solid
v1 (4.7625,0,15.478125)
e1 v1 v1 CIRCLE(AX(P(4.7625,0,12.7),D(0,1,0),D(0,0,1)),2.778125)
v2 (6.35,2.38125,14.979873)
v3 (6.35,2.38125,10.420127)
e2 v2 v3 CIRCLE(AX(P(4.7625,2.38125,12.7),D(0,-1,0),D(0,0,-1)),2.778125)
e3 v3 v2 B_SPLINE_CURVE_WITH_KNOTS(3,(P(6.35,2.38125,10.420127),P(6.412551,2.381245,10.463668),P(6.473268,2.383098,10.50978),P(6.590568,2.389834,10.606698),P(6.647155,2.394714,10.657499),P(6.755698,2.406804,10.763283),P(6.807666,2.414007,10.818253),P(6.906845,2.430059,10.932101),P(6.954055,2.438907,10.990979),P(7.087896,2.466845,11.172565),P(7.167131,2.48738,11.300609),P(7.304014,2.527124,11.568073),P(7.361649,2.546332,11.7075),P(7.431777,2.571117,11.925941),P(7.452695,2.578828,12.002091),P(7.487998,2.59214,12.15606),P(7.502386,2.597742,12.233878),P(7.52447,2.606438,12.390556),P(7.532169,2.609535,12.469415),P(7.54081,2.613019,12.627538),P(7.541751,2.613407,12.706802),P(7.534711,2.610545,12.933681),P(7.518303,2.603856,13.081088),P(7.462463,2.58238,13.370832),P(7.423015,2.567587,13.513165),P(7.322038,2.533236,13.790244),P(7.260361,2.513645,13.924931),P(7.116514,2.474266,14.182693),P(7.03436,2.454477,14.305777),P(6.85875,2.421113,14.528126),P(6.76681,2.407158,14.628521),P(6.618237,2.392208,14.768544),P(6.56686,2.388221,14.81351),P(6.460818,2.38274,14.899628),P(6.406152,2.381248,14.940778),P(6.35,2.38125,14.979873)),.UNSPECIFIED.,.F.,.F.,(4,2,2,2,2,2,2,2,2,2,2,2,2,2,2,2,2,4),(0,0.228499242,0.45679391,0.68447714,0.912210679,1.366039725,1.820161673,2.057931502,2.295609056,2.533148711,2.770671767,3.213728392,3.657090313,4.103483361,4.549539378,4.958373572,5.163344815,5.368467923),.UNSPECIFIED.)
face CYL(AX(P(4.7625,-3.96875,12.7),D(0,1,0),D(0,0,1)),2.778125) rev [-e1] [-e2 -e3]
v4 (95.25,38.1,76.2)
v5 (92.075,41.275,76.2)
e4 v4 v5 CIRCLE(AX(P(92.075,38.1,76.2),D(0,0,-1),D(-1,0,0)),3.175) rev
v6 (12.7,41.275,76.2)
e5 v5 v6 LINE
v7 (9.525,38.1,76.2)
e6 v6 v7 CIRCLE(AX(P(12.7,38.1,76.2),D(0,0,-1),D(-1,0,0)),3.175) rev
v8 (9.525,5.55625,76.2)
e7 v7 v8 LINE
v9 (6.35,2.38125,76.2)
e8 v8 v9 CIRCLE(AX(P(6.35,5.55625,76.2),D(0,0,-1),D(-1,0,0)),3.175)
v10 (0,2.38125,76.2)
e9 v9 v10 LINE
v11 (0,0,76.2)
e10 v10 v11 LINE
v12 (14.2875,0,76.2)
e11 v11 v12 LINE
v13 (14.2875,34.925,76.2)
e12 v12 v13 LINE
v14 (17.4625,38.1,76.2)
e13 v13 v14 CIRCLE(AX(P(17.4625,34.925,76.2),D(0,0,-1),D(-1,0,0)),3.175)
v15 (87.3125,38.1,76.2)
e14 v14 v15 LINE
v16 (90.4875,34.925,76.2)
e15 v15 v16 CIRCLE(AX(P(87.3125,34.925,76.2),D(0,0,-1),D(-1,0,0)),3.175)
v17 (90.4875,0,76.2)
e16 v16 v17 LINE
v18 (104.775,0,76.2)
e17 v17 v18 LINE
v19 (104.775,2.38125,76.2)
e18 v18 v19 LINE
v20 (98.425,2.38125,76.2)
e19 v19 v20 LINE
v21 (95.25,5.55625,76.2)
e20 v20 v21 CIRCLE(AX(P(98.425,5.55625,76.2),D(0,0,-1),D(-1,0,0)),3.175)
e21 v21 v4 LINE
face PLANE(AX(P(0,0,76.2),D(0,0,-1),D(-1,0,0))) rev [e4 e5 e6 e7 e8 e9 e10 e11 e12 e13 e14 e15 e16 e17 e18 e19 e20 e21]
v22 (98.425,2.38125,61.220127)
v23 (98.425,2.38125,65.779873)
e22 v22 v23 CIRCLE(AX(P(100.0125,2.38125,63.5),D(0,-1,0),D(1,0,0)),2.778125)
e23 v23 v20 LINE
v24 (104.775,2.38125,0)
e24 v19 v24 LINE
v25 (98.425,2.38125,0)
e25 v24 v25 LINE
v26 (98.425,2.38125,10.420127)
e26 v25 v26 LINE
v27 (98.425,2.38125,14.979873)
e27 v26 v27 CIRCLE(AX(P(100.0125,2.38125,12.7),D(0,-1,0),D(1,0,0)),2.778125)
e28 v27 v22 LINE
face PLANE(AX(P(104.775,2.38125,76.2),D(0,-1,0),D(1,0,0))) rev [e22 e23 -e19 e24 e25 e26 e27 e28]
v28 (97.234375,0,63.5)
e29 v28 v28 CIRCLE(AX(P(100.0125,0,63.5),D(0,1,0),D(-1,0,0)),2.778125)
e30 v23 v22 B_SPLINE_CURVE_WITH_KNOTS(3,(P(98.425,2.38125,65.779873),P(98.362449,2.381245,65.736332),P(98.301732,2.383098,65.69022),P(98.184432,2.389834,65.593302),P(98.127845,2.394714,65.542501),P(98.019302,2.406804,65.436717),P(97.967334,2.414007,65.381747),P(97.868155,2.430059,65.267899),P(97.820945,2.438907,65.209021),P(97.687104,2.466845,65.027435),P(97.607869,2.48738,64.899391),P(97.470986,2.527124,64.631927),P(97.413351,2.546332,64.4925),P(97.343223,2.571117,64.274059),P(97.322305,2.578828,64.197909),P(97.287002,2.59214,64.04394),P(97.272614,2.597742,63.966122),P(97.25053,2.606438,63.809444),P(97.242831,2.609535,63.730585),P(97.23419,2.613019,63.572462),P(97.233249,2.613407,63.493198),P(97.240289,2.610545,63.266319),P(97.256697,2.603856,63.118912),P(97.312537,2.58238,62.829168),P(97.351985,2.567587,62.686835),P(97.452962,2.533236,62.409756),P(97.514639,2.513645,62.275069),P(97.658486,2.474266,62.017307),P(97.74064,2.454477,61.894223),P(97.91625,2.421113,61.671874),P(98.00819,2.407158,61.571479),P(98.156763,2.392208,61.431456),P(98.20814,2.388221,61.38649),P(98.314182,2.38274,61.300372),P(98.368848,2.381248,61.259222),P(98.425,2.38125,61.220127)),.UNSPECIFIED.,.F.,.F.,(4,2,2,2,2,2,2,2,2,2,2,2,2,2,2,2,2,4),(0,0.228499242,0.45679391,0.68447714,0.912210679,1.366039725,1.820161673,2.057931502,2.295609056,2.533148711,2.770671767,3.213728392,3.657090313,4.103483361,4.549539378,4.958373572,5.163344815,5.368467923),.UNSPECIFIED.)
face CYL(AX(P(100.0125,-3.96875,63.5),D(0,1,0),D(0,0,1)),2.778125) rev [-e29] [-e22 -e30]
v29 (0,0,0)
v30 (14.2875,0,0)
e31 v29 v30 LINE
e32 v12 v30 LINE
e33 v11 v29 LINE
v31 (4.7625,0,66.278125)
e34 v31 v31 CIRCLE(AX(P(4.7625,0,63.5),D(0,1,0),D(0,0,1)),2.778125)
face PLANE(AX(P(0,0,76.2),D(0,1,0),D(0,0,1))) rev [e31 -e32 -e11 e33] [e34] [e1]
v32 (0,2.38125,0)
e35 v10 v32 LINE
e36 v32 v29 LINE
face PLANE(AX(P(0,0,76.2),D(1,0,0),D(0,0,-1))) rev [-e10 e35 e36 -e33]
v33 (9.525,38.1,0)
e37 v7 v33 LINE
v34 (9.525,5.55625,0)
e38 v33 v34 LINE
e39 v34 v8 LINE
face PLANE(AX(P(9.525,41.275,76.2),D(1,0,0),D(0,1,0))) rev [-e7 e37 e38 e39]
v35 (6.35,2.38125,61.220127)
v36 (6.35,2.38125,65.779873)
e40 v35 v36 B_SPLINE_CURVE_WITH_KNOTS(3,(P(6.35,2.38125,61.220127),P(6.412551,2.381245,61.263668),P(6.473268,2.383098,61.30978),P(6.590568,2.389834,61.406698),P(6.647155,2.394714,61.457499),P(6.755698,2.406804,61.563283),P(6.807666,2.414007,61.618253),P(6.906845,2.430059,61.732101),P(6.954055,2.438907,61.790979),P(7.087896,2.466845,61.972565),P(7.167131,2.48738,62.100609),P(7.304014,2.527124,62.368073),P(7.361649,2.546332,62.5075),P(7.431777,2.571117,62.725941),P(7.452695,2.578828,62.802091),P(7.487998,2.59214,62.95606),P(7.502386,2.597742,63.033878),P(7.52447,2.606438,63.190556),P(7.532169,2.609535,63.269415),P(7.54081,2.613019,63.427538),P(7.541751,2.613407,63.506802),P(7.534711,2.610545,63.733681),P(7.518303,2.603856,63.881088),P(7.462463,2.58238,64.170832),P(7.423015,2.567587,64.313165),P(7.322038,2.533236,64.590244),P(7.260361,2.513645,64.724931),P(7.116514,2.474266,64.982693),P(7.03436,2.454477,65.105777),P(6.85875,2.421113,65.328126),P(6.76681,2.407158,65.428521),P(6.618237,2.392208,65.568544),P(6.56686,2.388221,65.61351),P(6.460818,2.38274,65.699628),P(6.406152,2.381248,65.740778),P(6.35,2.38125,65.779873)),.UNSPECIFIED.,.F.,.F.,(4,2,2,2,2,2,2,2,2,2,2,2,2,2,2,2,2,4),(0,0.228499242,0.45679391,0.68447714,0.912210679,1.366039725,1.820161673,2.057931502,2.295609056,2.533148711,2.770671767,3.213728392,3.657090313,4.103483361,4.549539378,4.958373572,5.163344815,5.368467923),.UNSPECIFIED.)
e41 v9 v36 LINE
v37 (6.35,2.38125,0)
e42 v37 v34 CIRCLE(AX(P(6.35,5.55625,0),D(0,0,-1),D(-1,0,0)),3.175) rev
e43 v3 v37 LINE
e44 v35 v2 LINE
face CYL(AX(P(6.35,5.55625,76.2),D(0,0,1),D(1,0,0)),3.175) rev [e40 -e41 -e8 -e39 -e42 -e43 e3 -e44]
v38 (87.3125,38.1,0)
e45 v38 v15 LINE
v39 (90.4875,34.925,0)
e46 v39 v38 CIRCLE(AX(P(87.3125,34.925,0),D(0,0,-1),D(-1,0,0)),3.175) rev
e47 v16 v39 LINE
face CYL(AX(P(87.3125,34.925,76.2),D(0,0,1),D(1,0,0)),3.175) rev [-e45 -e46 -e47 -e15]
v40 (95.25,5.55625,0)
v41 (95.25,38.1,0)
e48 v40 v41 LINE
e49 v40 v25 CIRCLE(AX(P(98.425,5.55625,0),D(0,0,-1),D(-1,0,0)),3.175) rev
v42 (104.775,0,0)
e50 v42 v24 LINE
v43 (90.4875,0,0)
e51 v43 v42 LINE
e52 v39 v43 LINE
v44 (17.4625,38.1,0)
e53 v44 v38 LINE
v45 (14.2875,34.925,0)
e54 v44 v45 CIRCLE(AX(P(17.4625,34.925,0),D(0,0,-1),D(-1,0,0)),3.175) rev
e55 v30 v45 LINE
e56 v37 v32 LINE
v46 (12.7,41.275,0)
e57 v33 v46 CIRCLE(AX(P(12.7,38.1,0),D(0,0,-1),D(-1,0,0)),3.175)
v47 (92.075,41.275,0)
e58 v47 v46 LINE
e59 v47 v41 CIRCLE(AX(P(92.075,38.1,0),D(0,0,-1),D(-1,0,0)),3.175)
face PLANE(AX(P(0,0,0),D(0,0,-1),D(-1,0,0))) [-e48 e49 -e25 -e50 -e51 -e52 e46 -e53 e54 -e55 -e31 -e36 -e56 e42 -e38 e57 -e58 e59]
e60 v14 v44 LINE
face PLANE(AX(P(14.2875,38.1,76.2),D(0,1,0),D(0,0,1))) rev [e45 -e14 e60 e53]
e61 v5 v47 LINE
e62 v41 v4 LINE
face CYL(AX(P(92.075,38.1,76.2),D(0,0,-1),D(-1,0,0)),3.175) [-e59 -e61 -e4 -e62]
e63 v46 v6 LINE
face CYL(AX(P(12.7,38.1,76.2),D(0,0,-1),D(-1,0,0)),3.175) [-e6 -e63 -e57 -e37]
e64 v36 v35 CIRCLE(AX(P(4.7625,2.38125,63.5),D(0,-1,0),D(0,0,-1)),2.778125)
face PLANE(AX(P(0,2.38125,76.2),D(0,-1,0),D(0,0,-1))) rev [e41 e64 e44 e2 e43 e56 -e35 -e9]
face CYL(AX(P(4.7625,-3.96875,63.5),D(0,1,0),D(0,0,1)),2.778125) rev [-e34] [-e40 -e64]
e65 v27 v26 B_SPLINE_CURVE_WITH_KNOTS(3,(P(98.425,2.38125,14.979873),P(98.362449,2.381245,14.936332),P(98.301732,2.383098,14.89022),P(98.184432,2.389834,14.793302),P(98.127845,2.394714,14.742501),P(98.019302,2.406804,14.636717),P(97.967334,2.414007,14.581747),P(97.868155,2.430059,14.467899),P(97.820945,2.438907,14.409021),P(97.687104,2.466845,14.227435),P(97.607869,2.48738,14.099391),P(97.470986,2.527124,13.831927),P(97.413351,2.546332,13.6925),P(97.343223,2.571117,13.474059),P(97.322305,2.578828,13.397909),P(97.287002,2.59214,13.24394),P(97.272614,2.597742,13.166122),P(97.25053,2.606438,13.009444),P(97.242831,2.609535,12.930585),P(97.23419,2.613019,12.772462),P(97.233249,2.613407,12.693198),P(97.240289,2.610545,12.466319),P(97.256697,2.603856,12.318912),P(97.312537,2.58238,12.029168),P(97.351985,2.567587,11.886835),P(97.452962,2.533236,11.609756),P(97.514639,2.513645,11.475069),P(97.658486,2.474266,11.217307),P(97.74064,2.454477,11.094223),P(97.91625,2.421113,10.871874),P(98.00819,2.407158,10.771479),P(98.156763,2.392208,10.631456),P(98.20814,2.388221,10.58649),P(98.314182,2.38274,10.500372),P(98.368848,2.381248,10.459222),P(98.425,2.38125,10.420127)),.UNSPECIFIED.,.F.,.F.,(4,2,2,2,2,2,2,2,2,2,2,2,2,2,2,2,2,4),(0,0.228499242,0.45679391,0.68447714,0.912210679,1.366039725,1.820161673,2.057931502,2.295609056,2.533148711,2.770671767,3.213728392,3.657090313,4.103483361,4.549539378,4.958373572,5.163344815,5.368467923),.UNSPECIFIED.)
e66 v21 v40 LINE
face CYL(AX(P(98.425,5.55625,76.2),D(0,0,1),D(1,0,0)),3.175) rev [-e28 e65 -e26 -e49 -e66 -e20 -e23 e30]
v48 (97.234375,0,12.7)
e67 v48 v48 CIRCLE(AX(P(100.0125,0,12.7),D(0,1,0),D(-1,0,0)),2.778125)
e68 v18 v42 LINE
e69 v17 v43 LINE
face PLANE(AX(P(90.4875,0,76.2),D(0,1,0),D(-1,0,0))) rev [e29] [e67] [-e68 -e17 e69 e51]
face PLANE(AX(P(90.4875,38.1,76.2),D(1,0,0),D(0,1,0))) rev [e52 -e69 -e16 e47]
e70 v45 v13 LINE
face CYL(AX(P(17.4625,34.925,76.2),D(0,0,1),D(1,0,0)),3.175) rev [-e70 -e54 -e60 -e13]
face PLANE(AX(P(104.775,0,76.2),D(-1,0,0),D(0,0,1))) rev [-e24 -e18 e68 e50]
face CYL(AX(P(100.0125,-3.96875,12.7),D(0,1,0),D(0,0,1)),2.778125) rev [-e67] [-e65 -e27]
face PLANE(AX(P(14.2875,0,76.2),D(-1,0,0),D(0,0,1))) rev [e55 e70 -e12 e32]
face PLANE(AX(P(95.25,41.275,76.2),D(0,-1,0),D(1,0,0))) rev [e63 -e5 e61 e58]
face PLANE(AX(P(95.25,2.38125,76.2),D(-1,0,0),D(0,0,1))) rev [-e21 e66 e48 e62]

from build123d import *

# Parameters (mm, degrees)
BOSS_EXTRUDE1_DEPTH = 76.2
FILLET1_R           = 3.175
SKETCH4_R           = 2.778125
CUT_EXTRUDE1_DEPTH  = 6.35


with BuildPart() as part:
    # Sketch1 → Boss-Extrude1 (new body)
    with BuildSketch(Plane.XY):
        Polygon((0, 0), (14.2875, 0), (14.2875, 38.1), (90.4875, 38.1), (90.4875, 0), (104.775, 0), (104.775, 2.38125), (95.25, 2.38125), (95.25, 41.275), (9.525, 41.275), (9.525, 2.38125), (0, 2.38125), align=None)
    extrude(amount=BOSS_EXTRUDE1_DEPTH)

    # Fillet1
    fillet1_edges = [part.edges().sort_by_distance(p)[0] for p in [
        (9.525, 2.38125, 38.1),
        (9.525, 41.275, 38.1),
        (95.25, 41.275, 38.1),
        (95.25, 2.38125, 38.1),
        (90.4875, 38.1, 38.1),
        (14.2875, 38.1, 38.1),
    ]]
    fillet(fillet1_edges, radius=FILLET1_R)

    # Sketch4 → Cut-Extrude1 (cut, symmetric)
    with BuildSketch(Plane(origin=(0, 2.38125, 0), x_dir=(1, 0, 0), z_dir=(0, 1, 0))):
        with Locations(Location((100.0125, -12.7, 0), (0, 0, 235.150095421))):
            Circle(SKETCH4_R)
        with Locations(Location((100.0125, -63.5, 0), (0, 0, 235.150095421))):
            Circle(SKETCH4_R)
        with Locations(Location((4.7625, -63.5, 0), (0, 0, 270))):
            Circle(SKETCH4_R)
        with Locations(Location((4.7625, -12.7, 0), (0, 0, 270))):
            Circle(SKETCH4_R)
    extrude(amount=CUT_EXTRUDE1_DEPTH, both=True, mode=Mode.SUBTRACT)


solid = part.part
